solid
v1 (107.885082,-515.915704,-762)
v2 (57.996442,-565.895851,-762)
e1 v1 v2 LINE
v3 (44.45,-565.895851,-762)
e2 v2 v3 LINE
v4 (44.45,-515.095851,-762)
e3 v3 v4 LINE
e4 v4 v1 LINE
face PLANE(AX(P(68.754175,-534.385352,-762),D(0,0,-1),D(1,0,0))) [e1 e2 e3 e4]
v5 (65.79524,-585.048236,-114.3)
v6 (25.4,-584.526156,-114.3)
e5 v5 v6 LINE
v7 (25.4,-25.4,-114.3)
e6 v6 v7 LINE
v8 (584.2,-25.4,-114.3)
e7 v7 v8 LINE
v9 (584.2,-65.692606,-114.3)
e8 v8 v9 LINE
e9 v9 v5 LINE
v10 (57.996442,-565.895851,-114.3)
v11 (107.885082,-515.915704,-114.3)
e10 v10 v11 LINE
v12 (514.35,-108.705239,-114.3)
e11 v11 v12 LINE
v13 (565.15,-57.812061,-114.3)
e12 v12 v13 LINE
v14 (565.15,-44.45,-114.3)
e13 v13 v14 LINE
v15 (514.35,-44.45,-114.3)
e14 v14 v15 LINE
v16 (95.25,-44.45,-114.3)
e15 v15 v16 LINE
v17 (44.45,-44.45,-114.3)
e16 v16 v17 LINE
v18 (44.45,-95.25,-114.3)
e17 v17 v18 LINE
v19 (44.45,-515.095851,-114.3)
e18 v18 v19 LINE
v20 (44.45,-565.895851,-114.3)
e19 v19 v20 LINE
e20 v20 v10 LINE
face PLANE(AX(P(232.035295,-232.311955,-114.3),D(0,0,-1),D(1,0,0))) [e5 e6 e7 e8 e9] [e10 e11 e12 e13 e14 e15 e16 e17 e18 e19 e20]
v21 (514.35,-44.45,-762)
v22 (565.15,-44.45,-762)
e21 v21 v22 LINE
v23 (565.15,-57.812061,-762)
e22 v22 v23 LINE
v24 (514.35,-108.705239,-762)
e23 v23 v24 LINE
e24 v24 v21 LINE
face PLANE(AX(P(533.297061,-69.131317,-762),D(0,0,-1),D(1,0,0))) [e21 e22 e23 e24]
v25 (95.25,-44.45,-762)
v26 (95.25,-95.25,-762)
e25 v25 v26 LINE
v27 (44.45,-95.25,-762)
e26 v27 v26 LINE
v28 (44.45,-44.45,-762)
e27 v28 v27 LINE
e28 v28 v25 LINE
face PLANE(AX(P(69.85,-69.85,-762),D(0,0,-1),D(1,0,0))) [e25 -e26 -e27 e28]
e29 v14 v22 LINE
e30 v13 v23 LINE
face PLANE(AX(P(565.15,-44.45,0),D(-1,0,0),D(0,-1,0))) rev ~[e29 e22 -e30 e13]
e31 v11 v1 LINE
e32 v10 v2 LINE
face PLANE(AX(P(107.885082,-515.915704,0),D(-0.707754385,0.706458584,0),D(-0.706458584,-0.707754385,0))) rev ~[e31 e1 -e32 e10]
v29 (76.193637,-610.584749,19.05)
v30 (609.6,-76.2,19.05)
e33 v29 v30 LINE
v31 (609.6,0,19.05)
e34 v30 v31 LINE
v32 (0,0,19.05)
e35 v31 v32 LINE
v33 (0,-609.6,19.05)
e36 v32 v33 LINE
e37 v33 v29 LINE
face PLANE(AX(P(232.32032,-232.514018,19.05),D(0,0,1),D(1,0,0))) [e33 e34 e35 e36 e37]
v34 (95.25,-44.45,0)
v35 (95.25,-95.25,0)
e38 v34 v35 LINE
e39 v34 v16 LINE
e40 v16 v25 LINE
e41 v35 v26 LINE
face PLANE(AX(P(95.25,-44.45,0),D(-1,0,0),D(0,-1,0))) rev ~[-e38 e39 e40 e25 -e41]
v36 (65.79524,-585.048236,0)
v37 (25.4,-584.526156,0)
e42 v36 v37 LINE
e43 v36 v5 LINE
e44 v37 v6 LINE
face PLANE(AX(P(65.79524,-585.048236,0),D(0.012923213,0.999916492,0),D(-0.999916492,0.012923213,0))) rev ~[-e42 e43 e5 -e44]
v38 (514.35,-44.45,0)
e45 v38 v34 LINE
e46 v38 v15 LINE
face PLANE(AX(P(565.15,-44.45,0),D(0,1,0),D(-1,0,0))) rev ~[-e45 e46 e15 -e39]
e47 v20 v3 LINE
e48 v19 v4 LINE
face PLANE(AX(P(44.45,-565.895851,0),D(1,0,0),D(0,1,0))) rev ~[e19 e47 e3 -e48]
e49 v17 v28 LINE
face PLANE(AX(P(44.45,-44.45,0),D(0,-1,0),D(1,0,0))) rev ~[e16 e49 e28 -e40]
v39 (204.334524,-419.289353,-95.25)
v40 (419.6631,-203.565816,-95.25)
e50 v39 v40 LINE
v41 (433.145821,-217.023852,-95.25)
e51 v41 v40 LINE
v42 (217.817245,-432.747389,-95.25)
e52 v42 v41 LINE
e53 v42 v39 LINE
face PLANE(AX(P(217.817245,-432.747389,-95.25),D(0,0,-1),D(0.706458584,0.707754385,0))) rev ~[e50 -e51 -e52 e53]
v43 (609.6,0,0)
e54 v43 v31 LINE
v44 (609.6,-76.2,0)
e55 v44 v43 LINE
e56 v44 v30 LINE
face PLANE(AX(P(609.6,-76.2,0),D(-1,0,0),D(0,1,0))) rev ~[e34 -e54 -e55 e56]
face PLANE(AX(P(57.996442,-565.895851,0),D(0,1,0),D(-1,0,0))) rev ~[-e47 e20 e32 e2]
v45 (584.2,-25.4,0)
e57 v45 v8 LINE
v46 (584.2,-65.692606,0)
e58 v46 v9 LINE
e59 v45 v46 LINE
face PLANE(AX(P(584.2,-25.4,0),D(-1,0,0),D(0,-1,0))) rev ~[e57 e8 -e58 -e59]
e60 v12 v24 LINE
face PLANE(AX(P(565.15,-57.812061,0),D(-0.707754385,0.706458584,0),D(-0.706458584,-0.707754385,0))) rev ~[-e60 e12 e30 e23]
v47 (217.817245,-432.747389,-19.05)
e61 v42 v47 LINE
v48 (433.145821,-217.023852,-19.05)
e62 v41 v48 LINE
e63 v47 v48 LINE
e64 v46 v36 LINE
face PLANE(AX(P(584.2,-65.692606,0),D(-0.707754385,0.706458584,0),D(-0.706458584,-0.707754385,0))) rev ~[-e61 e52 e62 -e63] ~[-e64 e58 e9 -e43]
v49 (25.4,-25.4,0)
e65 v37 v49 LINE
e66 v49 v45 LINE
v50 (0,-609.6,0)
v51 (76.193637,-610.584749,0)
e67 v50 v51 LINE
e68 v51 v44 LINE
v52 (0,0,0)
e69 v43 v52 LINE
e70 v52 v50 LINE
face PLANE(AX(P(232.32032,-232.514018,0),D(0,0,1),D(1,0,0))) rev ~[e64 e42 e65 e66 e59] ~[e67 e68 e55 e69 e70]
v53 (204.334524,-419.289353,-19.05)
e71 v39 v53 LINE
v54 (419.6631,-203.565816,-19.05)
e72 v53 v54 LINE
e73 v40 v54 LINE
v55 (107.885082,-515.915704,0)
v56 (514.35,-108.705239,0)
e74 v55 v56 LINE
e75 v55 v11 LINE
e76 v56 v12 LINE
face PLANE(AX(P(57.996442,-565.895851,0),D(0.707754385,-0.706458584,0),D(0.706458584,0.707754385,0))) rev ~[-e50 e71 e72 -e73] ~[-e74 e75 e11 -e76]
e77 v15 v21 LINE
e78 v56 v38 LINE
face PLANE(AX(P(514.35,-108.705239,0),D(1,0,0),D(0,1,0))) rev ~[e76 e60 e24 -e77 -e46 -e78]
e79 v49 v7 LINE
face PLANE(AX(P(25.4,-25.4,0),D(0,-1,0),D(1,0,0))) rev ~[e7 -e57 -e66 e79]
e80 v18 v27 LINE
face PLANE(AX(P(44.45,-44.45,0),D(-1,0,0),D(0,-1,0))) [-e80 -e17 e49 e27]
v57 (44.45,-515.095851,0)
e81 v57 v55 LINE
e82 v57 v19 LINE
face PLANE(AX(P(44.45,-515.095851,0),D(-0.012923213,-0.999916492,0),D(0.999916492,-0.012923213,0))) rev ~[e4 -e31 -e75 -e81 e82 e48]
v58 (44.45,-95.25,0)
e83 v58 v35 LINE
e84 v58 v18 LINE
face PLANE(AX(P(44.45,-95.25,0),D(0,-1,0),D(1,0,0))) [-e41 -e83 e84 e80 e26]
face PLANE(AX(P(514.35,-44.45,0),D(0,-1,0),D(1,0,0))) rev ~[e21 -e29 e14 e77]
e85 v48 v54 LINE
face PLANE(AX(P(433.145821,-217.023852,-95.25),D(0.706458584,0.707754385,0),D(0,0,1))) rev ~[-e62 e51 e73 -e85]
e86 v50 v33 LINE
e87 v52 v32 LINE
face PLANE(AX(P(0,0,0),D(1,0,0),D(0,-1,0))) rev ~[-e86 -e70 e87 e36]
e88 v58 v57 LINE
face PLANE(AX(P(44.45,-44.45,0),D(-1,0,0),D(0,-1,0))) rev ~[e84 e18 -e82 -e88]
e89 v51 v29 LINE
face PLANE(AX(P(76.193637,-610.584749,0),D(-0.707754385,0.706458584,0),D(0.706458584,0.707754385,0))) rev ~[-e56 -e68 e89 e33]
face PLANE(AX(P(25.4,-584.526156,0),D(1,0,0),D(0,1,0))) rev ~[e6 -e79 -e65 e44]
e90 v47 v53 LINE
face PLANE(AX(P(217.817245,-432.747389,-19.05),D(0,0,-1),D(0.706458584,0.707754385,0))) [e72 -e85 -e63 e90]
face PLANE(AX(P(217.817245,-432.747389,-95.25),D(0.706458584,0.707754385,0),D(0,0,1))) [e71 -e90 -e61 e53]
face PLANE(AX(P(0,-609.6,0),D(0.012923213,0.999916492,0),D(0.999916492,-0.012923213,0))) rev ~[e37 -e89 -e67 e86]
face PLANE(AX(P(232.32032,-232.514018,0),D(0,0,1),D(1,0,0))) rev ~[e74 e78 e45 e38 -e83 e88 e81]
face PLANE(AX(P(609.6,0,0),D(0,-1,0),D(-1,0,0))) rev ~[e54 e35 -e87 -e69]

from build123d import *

# Parameters (mm, degrees)
F1_DEPTH  = 19.05
F4_DEPTH  = 114.3
F5_W      = 304.8
F5_H      = 76.2
F6_DEPTH  = 205.103861168
F8_DEPTH  = 762
F10_DEPTH = 762
F11_W     = 50.8
F11_H     = 50.8
F12_DEPTH = 762


with BuildPart() as f1:
    # F0 (on Top) → F1 (new body)
    with BuildSketch(Plane.XY):
        Polygon((609.6, 0), (0, 0), (0, -609.6), (76.1936366749, -610.5847488248), (609.6, -76.2), align=None)
    extrude(amount=F1_DEPTH)

    # F3 (on face) → F4 (join)
    with BuildSketch(Plane(origin=(0, 0, 0), x_dir=(1, 0, 0), z_dir=(0, 0, -1))):
        Polygon((584.2, 65.6926060926), (65.7952397089, 585.0482356184), (25.4, 584.5261557366), (25.4, 25.4), (584.2, 25.4), align=None)
        Polygon((44.45, 44.45), (44.45, 565.720772539), (57.9964419843, 565.8958507136), (565.15, 57.8120606621), (565.15, 44.45), align=None, mode=Mode.SUBTRACT)
    extrude(amount=F4_DEPTH)

    # F5 (on face) → F6 (cut)
    with BuildSketch(Plane(origin=(325.4815326726, -324.8856204339, 0), x_dir=(0.7064585835, 0.7077543852, 0), z_dir=(0.7077543852, -0.7064585835, 0))):
        with Locations((0, -57.15)):
            Rectangle(F5_W, F5_H)
    extrude(amount=-F6_DEPTH, mode=Mode.SUBTRACT)

    # F7 (on face) → F8 (join)
    with BuildSketch(Plane(origin=(0, 0, 0), x_dir=(1, 0, 0), z_dir=(0, 0, -1))):
        Polygon((57.9964419843, 565.8958507136), (44.45, 565.8958507136), (44.45, 515.0958507136), (107.8850816302, 515.9157042449), align=None)
    extrude(amount=F8_DEPTH)

    # F9 (on face) → F10 (join)
    with BuildSketch(Plane(origin=(0, 0, 0), x_dir=(1, 0, 0), z_dir=(0, 0, -1))):
        Polygon((565.15, 44.45), (565.15, 57.8120606621), (514.35, 108.7052391219), (514.35, 44.45), align=None)
    extrude(amount=F10_DEPTH)

    # F11 (on face) → F12 (join)
    with BuildSketch(Plane(origin=(0, 0, 0), x_dir=(1, 0, 0), z_dir=(0, 0, -1))):
        with Locations((69.85, 69.85)):
            Rectangle(F11_W, F11_H)
    extrude(amount=F12_DEPTH)


solid = f1.part
